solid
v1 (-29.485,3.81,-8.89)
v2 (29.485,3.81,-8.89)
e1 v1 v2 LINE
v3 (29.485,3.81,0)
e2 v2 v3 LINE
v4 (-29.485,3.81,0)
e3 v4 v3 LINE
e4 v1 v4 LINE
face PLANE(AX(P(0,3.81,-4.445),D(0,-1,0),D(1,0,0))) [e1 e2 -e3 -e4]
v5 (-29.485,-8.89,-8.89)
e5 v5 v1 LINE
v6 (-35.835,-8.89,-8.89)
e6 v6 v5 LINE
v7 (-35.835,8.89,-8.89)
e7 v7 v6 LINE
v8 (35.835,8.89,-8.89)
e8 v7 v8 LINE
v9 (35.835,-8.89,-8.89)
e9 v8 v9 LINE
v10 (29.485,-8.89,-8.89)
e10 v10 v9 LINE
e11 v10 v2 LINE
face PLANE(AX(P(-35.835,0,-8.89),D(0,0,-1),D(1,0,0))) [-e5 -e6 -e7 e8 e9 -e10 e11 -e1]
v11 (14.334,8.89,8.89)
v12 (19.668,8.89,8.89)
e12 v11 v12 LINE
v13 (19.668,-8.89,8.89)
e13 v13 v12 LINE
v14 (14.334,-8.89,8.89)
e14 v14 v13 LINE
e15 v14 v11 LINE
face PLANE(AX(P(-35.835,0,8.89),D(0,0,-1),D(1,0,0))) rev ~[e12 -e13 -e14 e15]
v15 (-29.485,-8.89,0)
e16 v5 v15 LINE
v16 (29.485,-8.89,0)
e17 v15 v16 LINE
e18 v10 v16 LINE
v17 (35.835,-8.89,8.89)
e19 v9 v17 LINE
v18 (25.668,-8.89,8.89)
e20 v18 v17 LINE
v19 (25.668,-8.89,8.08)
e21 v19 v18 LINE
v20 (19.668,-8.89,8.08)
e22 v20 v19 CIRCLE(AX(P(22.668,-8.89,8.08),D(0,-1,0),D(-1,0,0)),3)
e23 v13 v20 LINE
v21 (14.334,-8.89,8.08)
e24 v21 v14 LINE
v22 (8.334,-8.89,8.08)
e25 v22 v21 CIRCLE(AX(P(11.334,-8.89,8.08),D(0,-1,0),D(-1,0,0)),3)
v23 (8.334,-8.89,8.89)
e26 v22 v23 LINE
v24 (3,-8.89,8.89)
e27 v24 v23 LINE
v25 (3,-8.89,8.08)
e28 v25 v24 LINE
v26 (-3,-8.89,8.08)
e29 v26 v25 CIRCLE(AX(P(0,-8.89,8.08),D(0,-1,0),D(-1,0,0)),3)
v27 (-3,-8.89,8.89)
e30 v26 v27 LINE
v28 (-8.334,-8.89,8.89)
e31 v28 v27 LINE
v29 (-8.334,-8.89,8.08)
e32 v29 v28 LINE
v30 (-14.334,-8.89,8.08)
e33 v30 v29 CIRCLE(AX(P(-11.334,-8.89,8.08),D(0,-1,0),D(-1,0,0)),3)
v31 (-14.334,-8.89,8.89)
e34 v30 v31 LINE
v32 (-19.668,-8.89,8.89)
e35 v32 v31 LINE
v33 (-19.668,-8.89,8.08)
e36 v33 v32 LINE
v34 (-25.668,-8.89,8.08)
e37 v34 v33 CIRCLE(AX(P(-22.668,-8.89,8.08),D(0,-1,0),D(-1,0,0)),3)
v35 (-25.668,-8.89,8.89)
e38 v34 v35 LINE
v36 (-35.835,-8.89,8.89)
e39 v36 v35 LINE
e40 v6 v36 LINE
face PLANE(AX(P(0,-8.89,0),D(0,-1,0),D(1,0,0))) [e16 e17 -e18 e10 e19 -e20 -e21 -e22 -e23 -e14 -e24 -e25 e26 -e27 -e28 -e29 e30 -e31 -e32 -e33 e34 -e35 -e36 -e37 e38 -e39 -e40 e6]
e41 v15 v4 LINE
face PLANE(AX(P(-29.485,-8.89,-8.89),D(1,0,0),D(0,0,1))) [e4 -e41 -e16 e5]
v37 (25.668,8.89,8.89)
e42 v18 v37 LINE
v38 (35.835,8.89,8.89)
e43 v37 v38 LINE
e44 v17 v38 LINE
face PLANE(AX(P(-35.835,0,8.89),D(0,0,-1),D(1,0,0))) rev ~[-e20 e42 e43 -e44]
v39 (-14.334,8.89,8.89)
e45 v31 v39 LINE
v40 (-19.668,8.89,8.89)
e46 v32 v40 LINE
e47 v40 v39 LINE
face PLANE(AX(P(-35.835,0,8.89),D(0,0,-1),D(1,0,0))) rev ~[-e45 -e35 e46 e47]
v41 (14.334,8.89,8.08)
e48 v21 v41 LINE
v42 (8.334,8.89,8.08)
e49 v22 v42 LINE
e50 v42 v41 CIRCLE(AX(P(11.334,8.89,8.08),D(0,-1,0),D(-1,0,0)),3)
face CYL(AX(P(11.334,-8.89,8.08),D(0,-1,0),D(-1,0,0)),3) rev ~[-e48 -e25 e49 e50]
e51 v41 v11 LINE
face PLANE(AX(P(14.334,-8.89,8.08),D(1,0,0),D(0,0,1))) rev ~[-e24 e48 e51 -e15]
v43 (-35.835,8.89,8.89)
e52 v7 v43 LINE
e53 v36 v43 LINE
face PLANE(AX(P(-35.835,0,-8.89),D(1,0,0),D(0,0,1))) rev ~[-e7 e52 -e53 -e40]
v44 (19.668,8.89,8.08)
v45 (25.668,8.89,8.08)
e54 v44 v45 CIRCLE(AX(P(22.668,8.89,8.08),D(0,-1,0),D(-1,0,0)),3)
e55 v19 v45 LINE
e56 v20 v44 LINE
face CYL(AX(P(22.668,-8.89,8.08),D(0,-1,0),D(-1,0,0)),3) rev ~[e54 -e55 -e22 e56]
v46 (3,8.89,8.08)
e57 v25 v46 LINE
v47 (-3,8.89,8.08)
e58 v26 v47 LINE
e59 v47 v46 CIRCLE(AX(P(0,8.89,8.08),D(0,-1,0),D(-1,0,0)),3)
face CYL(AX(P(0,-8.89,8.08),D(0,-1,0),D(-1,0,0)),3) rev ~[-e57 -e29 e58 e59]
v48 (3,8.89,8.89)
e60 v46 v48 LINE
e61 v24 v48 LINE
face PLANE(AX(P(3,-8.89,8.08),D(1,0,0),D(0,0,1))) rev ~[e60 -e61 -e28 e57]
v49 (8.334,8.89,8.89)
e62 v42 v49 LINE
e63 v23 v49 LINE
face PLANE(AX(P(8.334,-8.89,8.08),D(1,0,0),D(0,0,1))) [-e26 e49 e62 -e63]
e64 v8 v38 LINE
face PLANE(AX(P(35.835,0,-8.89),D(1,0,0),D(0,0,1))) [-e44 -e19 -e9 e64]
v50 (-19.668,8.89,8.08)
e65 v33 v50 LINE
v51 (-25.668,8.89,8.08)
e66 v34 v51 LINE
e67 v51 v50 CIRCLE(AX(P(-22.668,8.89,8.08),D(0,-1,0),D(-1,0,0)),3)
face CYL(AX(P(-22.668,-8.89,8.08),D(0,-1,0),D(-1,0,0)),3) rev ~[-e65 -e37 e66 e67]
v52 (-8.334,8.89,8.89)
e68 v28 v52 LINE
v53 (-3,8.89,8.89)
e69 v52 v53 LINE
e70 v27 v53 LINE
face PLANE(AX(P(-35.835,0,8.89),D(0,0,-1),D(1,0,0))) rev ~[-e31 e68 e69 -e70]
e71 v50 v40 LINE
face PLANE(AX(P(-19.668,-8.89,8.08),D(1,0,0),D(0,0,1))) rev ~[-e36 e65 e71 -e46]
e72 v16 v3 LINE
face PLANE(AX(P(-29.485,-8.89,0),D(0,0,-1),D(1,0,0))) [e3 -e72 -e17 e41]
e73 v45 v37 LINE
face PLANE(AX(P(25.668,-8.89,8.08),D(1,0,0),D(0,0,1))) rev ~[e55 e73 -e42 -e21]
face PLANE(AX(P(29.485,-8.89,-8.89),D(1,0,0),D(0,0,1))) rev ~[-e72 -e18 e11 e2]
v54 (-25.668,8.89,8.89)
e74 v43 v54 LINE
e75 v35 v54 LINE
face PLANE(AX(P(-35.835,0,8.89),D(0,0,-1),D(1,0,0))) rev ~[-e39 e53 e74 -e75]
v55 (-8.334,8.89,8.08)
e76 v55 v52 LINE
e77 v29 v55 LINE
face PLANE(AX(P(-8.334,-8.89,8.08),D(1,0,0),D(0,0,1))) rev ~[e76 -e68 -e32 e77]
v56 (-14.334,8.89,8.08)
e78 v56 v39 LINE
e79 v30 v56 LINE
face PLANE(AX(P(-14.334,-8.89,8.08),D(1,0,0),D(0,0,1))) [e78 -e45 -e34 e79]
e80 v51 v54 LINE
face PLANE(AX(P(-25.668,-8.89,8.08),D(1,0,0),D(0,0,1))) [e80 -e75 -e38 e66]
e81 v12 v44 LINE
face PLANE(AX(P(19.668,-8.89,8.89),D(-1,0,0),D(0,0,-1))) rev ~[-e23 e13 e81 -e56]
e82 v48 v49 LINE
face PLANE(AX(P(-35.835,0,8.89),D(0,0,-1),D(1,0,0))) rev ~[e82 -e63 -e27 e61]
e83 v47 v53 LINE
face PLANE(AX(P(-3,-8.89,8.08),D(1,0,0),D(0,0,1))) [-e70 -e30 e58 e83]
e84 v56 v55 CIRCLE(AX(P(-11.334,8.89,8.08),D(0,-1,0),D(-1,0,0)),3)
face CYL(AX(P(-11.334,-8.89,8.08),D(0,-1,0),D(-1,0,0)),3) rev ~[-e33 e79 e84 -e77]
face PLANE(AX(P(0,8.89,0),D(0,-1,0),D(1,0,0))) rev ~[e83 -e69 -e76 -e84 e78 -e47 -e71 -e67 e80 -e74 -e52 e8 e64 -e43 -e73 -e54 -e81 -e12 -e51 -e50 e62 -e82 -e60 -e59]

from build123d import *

# Parameters (mm, degrees)
F0_W     = 71.67
F0_H     = 17.78
F1_DEPTH = 8.89
F2_W     = 6
F2_H     = 0.81
F3_DEPTH = 17.781
F4_W     = 58.97
F4_H     = 8.89
F5_DEPTH = 12.7


with BuildPart() as f1:
    # F0 (on Front) → F1 (new body, symmetric)
    with BuildSketch(Plane.XZ):
        Rectangle(F0_W, F0_H)
    extrude(amount=F1_DEPTH, both=True)

    # F2 (on face) → F3 (cut, through all)
    with BuildSketch(Plane.XZ.offset(8.89)):
        with Locations((-22.668, 8.485)):
            Rectangle(F2_W, F2_H)
        with BuildLine():
            Line((-19.668, 8.08), (-25.668, 8.08))
            ThreePointArc((-25.668, 8.08), (-22.668, 5.08), (-19.668, 8.08))
        make_face()
        with Locations((-11.334, 8.485)):
            Rectangle(F2_W, F2_H)
        with BuildLine():
            ThreePointArc((-14.334, 8.08), (-11.334, 5.08), (-8.334, 8.08))
            Line((-8.334, 8.08), (-14.334, 8.08))
        make_face()
        with Locations((0, 8.485)):
            Rectangle(F2_W, F2_H)
        with BuildLine():
            ThreePointArc((-3, 8.08), (0, 5.08), (3, 8.08))
            Line((3, 8.08), (-3, 8.08))
        make_face()
        with Locations((11.334, 8.485)):
            Rectangle(F2_W, F2_H)
        with BuildLine():
            ThreePointArc((8.334, 8.08), (11.334, 5.08), (14.334, 8.08))
            Line((14.334, 8.08), (8.334, 8.08))
        make_face()
        with BuildLine():
            Line((25.668, 8.08), (25.668, 8.89))
            Line((25.668, 8.89), (19.668, 8.89))
            Line((19.668, 8.89), (19.668, 8.08))
            ThreePointArc((19.668, 8.08), (22.668, 5.08), (25.668, 8.08))
        make_face()
    extrude(amount=-F3_DEPTH, mode=Mode.SUBTRACT)

    # F4 (on face) → F5 (cut)
    with BuildSketch(Plane.XZ.offset(8.89)):
        with Locations((0, -4.445)):
            Rectangle(F4_W, F4_H)
    extrude(amount=-F5_DEPTH, mode=Mode.SUBTRACT)


solid = f1.part
